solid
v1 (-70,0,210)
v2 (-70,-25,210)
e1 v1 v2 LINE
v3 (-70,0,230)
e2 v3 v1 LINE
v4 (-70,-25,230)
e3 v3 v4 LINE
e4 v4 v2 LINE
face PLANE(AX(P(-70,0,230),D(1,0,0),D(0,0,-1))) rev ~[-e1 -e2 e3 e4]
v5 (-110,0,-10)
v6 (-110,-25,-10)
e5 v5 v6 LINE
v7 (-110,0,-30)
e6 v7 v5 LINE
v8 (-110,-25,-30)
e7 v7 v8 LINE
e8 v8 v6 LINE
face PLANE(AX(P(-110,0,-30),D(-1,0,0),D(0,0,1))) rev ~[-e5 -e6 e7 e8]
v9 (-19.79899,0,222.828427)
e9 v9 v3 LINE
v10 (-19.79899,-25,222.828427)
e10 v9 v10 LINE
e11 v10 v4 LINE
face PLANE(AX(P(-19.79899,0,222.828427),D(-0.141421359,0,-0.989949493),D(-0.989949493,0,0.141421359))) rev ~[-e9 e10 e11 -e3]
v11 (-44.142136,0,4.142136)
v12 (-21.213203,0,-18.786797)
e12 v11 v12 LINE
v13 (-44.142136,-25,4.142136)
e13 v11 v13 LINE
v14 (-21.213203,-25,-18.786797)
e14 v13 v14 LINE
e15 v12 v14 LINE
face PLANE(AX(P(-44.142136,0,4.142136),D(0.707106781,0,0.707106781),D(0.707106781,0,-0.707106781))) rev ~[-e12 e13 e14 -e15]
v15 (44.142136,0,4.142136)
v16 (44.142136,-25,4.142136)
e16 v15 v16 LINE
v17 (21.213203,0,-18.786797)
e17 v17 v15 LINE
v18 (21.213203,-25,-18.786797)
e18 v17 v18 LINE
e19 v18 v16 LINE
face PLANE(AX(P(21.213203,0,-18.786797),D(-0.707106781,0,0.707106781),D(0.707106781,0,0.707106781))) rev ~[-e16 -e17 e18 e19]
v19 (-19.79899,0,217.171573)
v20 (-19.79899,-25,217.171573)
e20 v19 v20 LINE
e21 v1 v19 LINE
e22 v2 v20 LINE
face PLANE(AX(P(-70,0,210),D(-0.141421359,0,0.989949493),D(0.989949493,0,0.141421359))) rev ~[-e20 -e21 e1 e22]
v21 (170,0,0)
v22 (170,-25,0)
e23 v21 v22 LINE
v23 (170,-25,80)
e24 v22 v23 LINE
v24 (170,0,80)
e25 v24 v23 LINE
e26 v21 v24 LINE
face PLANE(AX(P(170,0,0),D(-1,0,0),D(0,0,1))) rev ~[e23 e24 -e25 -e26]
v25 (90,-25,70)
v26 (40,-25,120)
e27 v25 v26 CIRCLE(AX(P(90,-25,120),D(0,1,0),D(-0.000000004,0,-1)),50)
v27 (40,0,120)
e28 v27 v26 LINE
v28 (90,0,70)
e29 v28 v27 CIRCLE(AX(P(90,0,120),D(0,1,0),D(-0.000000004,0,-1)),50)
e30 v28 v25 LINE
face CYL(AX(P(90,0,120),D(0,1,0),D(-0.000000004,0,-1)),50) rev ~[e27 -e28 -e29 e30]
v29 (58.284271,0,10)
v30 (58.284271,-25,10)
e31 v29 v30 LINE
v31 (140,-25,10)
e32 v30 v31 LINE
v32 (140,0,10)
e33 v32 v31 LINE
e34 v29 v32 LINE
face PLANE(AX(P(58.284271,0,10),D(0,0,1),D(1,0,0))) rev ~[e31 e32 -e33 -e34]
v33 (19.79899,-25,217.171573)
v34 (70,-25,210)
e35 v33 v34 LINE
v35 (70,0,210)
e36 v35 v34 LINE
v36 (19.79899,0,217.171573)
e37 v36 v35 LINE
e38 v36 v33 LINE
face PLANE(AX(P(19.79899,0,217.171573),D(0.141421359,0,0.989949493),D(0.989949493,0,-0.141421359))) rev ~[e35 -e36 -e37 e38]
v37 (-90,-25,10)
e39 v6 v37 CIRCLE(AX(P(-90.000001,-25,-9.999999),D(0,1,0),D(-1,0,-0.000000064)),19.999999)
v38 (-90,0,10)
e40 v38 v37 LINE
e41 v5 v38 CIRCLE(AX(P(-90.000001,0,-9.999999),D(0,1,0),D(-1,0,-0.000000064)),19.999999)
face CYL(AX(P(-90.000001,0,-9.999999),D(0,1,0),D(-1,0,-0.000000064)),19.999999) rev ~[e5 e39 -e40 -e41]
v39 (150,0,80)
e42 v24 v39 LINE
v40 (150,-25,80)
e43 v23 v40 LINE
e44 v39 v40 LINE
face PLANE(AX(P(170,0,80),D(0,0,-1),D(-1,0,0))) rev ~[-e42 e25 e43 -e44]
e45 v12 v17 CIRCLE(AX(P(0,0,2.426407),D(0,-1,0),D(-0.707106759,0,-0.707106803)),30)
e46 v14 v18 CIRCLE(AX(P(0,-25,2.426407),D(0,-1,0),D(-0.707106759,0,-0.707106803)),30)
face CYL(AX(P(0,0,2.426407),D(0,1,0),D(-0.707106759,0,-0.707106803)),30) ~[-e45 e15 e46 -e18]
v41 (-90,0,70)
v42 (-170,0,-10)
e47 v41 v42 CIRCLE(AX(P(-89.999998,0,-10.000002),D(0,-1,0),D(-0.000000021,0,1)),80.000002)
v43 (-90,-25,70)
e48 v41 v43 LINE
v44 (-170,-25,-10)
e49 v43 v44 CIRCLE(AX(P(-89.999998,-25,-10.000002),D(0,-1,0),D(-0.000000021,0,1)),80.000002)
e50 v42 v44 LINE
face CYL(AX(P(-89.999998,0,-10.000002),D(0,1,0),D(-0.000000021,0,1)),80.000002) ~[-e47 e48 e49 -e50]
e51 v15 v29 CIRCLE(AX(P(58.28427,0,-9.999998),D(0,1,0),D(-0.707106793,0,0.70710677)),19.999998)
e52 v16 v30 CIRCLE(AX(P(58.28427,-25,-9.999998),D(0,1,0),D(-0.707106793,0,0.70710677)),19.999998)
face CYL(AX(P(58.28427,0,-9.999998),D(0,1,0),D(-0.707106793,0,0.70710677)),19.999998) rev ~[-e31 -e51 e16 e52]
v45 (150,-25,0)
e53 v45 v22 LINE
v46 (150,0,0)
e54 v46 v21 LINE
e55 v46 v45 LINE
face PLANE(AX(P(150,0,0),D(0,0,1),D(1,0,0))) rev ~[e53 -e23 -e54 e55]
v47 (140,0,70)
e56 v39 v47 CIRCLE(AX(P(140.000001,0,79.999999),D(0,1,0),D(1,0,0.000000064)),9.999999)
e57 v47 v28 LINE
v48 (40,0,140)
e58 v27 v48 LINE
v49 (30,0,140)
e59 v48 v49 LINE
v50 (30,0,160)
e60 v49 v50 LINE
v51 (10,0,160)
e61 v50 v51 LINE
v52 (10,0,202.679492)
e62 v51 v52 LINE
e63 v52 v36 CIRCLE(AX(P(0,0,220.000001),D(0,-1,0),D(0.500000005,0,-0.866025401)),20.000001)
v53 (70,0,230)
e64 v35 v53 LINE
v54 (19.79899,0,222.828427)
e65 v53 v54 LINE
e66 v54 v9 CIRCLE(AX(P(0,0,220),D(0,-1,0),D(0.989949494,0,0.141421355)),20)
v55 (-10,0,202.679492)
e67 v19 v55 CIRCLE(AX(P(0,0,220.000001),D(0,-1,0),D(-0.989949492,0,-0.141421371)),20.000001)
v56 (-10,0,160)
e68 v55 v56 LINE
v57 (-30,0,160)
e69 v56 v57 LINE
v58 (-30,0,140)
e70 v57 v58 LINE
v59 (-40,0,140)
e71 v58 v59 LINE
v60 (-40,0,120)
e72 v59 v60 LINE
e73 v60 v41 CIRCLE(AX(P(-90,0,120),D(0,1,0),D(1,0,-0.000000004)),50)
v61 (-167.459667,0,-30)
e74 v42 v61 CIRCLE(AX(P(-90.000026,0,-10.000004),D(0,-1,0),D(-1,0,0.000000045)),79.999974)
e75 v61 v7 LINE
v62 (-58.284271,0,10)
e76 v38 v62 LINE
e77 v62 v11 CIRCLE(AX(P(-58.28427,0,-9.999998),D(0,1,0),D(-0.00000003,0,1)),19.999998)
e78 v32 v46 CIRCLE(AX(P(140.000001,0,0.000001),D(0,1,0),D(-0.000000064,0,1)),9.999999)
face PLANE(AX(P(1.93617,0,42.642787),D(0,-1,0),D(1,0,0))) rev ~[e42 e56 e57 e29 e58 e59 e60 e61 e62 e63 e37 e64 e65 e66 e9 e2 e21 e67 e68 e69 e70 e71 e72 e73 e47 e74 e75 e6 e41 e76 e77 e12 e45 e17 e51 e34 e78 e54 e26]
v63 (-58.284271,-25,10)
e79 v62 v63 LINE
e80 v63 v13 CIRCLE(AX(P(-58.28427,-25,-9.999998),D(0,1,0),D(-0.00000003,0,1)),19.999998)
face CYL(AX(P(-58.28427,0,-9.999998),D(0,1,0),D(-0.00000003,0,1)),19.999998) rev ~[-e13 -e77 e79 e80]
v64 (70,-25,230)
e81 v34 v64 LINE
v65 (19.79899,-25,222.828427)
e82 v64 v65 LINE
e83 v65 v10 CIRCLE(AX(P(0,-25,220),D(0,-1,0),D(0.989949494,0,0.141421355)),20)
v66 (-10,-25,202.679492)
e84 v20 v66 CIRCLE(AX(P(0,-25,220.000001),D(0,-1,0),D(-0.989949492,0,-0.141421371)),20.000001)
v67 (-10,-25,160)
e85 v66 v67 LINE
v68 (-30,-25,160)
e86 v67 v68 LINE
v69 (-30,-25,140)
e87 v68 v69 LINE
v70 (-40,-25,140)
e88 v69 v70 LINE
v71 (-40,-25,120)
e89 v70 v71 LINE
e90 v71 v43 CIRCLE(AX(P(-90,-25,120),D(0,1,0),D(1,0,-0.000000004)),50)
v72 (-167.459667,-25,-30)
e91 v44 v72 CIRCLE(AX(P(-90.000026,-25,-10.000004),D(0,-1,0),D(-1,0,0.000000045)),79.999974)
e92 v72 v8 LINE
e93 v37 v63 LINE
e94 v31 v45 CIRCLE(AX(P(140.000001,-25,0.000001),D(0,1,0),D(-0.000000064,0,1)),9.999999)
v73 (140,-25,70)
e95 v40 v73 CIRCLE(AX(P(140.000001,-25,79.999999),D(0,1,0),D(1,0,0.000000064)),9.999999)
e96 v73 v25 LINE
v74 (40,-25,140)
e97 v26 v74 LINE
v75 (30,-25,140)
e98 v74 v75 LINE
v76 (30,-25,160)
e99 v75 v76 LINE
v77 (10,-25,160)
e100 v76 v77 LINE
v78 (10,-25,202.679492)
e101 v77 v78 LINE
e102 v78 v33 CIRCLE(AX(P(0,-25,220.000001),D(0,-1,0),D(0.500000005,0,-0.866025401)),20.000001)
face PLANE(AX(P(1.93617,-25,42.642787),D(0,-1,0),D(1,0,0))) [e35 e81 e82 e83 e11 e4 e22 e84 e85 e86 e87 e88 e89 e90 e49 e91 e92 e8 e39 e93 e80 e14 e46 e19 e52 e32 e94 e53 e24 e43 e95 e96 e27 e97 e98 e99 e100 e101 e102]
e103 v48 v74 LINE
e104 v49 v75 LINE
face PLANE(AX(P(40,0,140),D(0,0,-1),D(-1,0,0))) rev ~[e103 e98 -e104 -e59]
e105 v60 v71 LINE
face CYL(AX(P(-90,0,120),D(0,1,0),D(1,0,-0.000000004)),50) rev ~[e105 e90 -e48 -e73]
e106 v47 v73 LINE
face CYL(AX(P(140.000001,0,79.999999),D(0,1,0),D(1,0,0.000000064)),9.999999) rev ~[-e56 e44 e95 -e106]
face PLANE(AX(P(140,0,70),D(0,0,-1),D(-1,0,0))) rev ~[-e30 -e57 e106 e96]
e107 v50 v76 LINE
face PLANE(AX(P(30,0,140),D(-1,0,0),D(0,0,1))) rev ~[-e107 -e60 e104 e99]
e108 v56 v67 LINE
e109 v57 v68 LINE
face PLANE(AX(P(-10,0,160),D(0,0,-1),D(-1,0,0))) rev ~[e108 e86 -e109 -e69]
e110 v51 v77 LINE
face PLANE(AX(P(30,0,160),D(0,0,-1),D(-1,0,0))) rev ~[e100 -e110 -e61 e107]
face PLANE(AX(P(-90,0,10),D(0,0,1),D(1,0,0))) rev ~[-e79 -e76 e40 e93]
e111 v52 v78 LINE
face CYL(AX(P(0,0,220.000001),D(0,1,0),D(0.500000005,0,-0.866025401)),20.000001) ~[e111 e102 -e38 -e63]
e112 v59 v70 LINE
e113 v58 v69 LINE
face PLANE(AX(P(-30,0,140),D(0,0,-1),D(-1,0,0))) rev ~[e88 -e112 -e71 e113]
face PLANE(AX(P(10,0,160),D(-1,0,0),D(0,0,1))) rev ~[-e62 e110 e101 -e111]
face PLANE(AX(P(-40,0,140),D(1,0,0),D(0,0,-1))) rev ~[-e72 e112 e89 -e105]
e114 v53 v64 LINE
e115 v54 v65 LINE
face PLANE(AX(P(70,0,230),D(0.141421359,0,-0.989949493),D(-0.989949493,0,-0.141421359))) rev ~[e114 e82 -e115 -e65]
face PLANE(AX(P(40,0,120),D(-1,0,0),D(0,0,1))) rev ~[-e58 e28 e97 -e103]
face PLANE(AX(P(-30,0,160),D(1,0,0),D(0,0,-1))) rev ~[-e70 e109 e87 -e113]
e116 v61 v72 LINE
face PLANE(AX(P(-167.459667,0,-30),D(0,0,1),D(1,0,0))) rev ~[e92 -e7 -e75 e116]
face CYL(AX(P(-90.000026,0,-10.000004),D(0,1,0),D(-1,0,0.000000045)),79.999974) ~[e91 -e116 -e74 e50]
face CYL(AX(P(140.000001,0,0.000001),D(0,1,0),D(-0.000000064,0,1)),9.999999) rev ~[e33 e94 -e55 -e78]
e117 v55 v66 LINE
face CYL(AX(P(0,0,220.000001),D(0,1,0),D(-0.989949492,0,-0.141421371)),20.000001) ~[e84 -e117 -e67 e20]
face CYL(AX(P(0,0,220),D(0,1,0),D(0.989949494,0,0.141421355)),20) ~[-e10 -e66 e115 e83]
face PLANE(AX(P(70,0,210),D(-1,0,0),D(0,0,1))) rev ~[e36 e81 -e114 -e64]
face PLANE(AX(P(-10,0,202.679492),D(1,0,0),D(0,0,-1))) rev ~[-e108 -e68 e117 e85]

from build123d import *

# Parameters (mm, degrees)
F1_DEPTH = 25


with BuildPart() as f1:
    # F0 (on Front) → F1 (new body)
    with BuildSketch(Plane.XZ):
        with BuildLine():
            Line((-30, 140), (-40, 140))
            Line((-40, 140), (-40, 120))
            ThreePointArc((-40, 120), (-54.644661, 84.644661), (-90, 70))
            ThreePointArc((-90, 70), (-146.568542, 46.568542), (-170, -10))
            ThreePointArc((-170, -10), (-169.362376, -20.080343), (-167.459667, -30))
            Line((-167.459667, -30), (-110, -30))
            Line((-110, -30), (-110, -10))
            ThreePointArc((-110, -10), (-104.142136, 4.142136), (-90, 10))
            Line((-90, 10), (-58.284271, 10))
            ThreePointArc((-58.284271, 10), (-50.630603, 8.477591), (-44.142136, 4.142136))
            Line((-44.142136, 4.142136), (-21.213203, -18.786797))
            ThreePointArc((-21.213203, -18.786797), (0, -27.573593), (21.213203, -18.786797))
            Line((21.213203, -18.786797), (44.142136, 4.142136))
            ThreePointArc((44.142136, 4.142136), (50.630603, 8.477591), (58.284271, 10))
            Line((58.284271, 10), (140, 10))
            ThreePointArc((140, 10), (147.071068, 7.071068), (150, 0))
            Line((150, 0), (170, 0))
            Line((170, 0), (170, 80))
            Line((170, 80), (150, 80))
            ThreePointArc((150, 80), (147.071068, 72.928932), (140, 70))
            Line((140, 70), (90, 70))
            ThreePointArc((90, 70), (54.644661, 84.644661), (40, 120))
            Line((40, 120), (40, 140))
            Line((40, 140), (30, 140))
            Line((30, 140), (-30, 140))
        make_face()
        Polygon((-30, 160), (-30, 140), (30, 140), (30, 160), (10, 160), (-10, 160), align=None)
        with BuildLine():
            Line((-10, 202.679492), (-10, 160))
            Line((-10, 160), (10, 160))
            Line((10, 160), (10, 202.679492))
            ThreePointArc((10, 202.679492), (16.568043, 208.797324), (19.79899, 217.171573))
            ThreePointArc((19.79899, 217.171573), (20, 220), (19.79899, 222.828427))
            ThreePointArc((19.79899, 222.828427), (0, 240), (-19.79899, 222.828427))
            ThreePointArc((-19.79899, 222.828427), (-20, 220), (-19.79899, 217.171573))
            ThreePointArc((-19.79899, 217.171573), (-16.568043, 208.797324), (-10, 202.679492))
        make_face()
        with BuildLine():
            ThreePointArc((19.79899, 222.828427), (20, 220), (19.79899, 217.171573))
            Line((19.79899, 217.171573), (70, 210))
            Line((70, 210), (70, 230))
            Line((70, 230), (19.79899, 222.828427))
        make_face()
        with BuildLine():
            Line((-70, 210), (-19.79899, 217.171573))
            ThreePointArc((-19.79899, 217.171573), (-20, 220), (-19.79899, 222.828427))
            Line((-19.79899, 222.828427), (-70, 230))
            Line((-70, 230), (-70, 210))
        make_face()
    extrude(amount=F1_DEPTH)


solid = f1.part
